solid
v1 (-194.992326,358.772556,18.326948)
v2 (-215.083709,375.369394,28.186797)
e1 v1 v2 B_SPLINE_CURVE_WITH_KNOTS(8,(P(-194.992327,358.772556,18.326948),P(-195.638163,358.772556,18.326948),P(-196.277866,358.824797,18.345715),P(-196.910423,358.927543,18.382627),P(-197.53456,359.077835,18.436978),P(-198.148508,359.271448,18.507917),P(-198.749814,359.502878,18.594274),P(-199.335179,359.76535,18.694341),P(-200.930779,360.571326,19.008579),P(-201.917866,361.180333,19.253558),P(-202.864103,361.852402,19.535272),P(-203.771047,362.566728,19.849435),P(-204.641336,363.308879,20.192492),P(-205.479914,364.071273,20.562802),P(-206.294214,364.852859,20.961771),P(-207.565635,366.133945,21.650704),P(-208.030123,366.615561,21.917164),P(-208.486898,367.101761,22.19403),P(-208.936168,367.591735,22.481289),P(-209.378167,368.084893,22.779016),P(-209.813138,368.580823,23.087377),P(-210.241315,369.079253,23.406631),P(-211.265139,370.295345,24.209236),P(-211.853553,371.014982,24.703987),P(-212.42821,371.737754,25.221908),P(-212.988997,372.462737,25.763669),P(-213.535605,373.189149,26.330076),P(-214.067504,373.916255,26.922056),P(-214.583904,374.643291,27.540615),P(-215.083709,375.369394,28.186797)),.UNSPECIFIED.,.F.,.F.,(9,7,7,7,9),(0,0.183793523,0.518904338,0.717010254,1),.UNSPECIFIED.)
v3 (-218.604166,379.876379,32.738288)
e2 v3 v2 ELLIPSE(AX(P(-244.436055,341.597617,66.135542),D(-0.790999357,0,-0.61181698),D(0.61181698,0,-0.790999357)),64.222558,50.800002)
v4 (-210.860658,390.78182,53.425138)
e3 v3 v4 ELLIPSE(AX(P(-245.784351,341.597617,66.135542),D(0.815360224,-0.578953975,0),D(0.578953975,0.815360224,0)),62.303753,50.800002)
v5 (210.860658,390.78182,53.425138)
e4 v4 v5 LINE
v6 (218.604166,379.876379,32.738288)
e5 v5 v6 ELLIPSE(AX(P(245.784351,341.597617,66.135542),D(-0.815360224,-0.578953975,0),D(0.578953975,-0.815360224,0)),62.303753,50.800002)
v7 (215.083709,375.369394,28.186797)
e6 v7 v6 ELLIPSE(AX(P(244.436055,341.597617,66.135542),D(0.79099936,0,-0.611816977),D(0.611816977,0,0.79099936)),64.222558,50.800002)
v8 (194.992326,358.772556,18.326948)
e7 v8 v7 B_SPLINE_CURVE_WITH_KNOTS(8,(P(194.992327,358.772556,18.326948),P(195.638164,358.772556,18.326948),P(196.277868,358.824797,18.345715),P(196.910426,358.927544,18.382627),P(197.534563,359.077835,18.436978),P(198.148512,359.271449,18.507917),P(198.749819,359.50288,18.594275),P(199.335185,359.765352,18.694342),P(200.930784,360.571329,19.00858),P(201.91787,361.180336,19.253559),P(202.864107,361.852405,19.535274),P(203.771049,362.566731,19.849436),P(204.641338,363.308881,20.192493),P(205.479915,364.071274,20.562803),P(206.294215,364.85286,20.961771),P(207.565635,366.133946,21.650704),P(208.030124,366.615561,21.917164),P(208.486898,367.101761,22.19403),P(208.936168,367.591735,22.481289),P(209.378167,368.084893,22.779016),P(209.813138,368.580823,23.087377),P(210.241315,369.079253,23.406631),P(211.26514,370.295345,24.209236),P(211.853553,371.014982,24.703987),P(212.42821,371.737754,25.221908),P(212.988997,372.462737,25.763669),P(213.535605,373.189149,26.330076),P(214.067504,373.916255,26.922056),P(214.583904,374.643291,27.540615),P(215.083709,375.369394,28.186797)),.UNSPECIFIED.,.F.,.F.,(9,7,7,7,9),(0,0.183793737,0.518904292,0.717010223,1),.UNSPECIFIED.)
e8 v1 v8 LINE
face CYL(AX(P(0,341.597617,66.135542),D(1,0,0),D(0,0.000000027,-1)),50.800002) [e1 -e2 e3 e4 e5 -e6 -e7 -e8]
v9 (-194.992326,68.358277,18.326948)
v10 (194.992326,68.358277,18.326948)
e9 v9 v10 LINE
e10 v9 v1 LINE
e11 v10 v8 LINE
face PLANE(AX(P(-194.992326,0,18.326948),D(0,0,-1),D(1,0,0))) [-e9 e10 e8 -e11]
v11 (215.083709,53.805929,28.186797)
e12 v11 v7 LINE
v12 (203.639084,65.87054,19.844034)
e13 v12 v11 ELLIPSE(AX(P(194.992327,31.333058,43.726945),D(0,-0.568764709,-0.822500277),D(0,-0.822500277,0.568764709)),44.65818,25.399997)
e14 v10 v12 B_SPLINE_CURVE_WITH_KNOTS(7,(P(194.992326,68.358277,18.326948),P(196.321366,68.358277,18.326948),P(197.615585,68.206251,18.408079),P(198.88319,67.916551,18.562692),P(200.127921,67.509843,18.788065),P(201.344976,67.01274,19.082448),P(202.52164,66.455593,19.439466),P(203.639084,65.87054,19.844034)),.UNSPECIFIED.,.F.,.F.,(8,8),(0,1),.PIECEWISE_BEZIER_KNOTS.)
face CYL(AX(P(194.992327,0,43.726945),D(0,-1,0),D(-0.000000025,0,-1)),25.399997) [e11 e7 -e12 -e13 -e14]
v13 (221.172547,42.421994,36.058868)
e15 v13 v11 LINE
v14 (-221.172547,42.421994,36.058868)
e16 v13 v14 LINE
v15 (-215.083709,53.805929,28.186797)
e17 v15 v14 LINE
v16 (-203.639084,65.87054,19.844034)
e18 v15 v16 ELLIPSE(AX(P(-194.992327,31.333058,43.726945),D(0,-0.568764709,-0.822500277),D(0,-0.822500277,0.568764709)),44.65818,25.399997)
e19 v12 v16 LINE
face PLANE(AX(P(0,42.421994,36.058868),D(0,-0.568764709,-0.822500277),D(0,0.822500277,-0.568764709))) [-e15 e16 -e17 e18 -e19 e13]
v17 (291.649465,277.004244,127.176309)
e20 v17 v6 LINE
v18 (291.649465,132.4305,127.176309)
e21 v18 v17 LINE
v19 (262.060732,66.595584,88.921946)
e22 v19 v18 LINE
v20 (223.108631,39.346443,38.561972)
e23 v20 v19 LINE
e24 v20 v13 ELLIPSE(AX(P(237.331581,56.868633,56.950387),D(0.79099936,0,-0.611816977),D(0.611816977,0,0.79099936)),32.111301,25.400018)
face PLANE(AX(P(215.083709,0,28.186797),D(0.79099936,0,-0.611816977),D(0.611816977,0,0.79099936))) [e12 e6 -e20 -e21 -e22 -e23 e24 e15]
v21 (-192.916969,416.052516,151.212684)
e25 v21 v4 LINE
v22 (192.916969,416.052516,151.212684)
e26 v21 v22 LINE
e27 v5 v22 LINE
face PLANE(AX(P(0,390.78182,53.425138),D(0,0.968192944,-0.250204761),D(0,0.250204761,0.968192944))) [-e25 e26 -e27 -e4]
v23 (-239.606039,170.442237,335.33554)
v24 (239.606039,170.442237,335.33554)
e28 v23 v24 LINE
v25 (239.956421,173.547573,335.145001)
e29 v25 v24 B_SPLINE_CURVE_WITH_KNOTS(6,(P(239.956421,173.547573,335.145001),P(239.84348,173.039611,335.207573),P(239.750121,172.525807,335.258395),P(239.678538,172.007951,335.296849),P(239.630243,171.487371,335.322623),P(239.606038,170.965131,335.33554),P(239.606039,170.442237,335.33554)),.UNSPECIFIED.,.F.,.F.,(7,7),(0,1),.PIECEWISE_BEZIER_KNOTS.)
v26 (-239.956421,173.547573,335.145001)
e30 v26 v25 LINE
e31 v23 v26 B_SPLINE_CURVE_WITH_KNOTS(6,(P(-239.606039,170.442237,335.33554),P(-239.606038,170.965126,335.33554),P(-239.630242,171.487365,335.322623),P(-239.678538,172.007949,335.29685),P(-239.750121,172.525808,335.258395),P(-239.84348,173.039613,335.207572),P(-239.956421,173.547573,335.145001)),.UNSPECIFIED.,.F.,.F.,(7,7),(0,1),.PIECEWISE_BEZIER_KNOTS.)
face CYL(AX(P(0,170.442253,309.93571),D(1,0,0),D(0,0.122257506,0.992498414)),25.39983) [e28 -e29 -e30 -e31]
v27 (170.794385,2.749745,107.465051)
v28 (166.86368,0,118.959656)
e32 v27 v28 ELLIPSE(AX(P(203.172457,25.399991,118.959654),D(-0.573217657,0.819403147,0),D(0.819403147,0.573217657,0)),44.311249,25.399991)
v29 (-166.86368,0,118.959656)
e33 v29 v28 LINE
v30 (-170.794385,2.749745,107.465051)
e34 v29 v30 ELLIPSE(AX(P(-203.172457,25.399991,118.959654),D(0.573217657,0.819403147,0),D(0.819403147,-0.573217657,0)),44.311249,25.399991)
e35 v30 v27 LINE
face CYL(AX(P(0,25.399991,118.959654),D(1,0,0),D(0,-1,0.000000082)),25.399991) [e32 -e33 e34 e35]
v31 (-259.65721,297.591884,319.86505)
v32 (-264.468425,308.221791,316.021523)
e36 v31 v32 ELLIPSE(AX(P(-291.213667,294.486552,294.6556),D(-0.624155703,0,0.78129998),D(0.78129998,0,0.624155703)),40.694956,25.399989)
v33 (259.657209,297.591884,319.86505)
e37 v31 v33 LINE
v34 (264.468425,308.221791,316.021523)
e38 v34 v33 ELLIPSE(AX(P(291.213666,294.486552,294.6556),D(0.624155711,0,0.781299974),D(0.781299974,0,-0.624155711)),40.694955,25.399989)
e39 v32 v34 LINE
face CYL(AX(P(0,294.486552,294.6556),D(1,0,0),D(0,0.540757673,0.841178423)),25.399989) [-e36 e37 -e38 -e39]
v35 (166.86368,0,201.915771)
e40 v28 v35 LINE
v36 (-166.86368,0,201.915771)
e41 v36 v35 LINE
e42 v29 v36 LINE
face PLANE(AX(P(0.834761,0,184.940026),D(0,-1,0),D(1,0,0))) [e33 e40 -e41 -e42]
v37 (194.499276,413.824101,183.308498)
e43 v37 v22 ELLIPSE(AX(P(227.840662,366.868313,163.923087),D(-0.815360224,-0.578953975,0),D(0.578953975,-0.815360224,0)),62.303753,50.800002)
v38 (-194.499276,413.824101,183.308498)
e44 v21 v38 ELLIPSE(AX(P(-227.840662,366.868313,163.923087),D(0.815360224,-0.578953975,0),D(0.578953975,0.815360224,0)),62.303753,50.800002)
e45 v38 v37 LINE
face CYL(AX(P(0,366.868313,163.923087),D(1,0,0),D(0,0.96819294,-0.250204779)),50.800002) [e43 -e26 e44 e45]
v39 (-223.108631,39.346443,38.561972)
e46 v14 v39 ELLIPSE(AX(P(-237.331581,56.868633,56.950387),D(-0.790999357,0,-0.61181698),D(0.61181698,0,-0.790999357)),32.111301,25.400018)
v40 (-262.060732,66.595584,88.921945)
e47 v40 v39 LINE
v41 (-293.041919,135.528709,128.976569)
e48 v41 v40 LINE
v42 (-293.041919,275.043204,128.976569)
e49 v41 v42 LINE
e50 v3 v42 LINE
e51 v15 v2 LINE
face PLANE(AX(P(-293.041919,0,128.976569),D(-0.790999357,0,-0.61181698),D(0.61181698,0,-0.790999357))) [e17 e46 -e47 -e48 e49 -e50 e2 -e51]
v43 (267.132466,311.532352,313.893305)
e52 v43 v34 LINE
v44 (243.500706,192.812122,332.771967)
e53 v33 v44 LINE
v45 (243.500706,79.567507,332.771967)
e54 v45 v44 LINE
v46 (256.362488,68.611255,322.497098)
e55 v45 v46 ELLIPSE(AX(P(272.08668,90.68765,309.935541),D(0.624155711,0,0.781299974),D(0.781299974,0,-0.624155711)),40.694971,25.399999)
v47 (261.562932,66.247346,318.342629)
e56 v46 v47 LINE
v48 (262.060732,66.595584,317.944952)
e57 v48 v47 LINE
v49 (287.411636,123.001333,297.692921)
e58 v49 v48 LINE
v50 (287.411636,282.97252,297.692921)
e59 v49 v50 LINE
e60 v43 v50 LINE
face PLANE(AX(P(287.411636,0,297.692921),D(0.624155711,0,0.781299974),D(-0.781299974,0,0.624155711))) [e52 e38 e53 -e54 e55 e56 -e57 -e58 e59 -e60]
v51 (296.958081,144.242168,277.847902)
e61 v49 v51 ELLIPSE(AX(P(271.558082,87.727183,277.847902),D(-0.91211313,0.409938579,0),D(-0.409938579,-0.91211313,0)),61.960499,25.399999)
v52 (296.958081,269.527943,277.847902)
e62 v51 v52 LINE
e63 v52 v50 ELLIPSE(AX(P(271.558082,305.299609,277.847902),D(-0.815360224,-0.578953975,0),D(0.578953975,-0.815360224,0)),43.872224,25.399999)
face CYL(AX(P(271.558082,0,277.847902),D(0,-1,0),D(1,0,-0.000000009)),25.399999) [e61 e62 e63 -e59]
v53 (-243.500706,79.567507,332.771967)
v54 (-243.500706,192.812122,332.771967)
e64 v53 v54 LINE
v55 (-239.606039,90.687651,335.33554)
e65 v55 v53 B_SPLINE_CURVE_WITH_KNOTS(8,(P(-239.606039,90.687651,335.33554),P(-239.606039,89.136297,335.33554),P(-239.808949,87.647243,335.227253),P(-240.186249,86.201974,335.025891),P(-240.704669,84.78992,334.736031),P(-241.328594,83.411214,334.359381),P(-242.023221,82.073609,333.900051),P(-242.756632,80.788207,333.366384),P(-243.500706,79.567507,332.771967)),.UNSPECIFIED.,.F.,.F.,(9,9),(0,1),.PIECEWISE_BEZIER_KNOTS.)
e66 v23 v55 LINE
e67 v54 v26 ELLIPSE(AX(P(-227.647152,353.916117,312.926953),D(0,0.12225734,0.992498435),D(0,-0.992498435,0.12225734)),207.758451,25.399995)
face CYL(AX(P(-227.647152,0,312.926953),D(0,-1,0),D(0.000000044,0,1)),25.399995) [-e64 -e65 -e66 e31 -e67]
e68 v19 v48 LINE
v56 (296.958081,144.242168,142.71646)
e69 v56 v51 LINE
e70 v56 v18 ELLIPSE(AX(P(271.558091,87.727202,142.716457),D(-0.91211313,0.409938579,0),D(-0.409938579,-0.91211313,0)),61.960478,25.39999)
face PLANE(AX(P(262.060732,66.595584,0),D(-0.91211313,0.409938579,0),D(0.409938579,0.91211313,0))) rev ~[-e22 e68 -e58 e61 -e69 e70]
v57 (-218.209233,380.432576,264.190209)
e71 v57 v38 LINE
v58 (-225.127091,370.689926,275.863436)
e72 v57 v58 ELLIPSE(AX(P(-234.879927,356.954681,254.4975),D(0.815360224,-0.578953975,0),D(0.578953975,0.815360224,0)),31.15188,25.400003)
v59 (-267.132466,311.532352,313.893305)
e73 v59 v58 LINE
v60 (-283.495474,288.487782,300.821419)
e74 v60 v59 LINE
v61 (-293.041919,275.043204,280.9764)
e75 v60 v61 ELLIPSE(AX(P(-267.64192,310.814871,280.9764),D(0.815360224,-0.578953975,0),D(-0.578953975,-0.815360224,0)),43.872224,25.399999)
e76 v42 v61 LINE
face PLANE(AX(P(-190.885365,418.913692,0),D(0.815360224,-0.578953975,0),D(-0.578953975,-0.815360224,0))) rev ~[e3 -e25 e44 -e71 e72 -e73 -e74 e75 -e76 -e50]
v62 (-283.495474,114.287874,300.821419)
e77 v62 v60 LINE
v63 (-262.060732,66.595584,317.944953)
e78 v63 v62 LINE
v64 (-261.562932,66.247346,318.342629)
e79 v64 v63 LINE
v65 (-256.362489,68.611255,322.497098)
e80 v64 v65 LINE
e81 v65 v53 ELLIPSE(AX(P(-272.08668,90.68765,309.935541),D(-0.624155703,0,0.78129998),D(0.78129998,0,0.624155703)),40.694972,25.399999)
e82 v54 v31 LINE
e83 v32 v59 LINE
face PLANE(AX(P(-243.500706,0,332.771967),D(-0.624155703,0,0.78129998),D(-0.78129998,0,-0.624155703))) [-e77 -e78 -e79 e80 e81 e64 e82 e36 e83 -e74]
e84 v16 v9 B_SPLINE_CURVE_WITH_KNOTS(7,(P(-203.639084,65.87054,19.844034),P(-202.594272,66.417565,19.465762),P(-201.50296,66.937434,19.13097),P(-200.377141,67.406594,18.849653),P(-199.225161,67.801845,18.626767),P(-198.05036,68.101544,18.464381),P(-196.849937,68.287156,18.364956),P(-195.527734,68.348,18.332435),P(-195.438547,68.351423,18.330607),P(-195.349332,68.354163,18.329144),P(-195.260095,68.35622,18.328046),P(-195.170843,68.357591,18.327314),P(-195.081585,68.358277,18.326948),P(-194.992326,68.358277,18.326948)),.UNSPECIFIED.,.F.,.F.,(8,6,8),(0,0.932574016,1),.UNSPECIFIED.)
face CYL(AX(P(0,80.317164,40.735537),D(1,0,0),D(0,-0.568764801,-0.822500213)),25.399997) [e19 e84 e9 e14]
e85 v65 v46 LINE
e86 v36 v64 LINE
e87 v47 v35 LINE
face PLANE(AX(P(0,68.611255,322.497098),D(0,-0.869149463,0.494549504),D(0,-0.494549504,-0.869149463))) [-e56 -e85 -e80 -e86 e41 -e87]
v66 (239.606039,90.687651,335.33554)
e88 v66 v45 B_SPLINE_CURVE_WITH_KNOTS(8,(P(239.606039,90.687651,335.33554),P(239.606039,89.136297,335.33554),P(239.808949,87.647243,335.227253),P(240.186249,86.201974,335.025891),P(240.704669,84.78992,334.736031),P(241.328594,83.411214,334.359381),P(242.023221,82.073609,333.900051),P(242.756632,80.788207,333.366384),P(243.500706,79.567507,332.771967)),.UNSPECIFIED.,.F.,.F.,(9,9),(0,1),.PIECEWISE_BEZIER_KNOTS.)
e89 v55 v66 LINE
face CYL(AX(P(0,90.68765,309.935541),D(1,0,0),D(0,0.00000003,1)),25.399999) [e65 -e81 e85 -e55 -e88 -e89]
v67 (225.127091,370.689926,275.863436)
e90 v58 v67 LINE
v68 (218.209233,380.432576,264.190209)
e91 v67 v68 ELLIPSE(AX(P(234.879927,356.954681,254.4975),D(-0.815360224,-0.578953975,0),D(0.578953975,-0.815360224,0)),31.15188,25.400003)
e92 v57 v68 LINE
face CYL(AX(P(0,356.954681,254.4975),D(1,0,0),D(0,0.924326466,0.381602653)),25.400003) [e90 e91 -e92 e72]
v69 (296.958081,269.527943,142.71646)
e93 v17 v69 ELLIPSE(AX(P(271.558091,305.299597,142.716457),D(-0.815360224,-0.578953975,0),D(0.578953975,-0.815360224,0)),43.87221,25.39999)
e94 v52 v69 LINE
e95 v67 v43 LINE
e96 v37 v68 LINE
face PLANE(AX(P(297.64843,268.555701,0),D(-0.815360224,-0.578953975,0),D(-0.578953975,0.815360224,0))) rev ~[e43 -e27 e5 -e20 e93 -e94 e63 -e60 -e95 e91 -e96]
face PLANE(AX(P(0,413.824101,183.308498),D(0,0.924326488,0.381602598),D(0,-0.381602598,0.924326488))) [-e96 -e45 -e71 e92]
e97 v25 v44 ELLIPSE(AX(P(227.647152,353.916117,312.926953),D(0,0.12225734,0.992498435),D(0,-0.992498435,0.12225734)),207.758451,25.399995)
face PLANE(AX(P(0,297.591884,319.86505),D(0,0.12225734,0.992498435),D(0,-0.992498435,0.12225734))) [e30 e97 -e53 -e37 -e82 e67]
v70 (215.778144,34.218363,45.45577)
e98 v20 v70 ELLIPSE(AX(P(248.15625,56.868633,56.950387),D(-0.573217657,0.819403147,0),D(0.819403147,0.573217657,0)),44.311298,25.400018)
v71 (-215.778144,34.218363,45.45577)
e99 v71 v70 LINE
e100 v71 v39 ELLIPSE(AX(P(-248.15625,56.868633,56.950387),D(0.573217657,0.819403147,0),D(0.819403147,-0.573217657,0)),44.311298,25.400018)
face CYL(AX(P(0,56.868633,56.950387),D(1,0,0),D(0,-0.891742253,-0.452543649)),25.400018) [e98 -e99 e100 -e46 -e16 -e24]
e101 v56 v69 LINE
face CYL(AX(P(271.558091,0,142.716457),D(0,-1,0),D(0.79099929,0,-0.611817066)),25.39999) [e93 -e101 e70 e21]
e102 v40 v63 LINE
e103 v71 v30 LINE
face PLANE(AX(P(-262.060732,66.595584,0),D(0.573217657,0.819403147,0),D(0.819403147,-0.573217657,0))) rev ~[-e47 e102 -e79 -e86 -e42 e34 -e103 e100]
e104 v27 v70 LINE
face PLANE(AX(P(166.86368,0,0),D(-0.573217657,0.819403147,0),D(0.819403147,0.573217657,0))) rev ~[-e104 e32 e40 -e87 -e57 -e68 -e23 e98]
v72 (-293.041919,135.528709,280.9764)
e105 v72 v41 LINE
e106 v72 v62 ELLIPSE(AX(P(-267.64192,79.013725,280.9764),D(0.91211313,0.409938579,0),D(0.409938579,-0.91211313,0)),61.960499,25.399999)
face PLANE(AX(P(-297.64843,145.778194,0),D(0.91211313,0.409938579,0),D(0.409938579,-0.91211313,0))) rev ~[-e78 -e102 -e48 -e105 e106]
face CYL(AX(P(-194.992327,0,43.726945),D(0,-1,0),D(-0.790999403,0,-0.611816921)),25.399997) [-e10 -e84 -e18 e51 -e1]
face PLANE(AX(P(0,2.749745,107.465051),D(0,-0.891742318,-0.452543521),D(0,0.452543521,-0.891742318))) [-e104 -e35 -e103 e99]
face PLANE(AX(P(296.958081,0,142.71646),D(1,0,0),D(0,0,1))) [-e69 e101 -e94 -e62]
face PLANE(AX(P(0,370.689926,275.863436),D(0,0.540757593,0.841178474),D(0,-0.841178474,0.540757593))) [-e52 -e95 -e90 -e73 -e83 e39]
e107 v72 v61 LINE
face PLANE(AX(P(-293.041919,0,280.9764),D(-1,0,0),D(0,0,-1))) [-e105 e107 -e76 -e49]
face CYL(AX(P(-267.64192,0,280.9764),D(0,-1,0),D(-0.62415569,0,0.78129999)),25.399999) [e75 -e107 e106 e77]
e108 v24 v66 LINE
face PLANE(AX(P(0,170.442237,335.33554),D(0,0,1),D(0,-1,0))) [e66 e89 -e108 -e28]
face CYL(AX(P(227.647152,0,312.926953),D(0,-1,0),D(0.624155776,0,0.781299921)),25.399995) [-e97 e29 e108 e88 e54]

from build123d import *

# Parameters (mm, degrees)
F2_DEPTH = 431.8
F3_DEPTH = 300
F5_DEPTH = 335.336541


with BuildPart() as f2:
    # F0 (on Front) → F2 (new body)
    with BuildSketch(Plane.XZ):
        with BuildLine():
            ThreePointArc((-215.083709, 28.186797), (-206.182504, 20.924757), (-194.992326, 18.326948))
            Line((-194.992326, 18.326948), (194.992326, 18.326948))
            ThreePointArc((194.992326, 18.326948), (206.182504, 20.924757), (215.083709, 28.186797))
            Line((215.083709, 28.186797), (291.649465, 127.176309))
            ThreePointArc((291.649465, 127.176309), (295.594316, 134.505526), (296.958081, 142.71646))
            Line((296.958081, 142.71646), (296.958081, 277.847902))
            ThreePointArc((296.958081, 277.847902), (294.447383, 288.858799), (287.411636, 297.692921))
            Line((287.411636, 297.692921), (243.500706, 332.771967))
            ThreePointArc((243.500706, 332.771967), (236.046451, 336.898009), (227.647151, 338.326948))
            Line((227.647151, 338.326948), (-227.647151, 338.326948))
            ThreePointArc((-227.647151, 338.326948), (-236.046451, 336.898009), (-243.500706, 332.771967))
            Line((-243.500706, 332.771967), (-283.495474, 300.821419))
            ThreePointArc((-283.495474, 300.821419), (-290.531221, 291.987297), (-293.041919, 280.9764))
            Line((-293.041919, 280.9764), (-293.041919, 128.976569))
            Line((-293.041919, 128.976569), (-215.083709, 28.186797))
        make_face()
    extrude(amount=-F2_DEPTH)

    # F1 (on Right) → F3 (intersect, symmetric)
    with BuildSketch(Plane.YZ):
        with BuildLine():
            Line((80.317164, 15.33554), (122.591108, 15.33554))
            Line((122.591108, 15.33554), (341.597618, 15.33554))
            ThreePointArc((341.597618, 15.33554), (372.701891, 25.971325), (390.78182, 53.425138))
            Line((390.78182, 53.425138), (416.052516, 151.212684))
            ThreePointArc((416.052516, 151.212684), (417.546314, 167.441665), (413.824101, 183.308498))
            Line((413.824101, 183.308498), (380.432576, 264.190209))
            ThreePointArc((380.432576, 264.190209), (376.455207, 270.772931), (370.689926, 275.863436))
            Line((370.689926, 275.863436), (308.221791, 316.021523))
            ThreePointArc((308.221791, 316.021523), (303.123356, 318.542104), (297.591884, 319.86505))
            Line((297.591884, 319.86505), (173.547573, 335.145001))
            ThreePointArc((173.547573, 335.145001), (171.997825, 335.287861), (170.442237, 335.33554))
            Line((170.442237, 335.33554), (122.591108, 335.33554))
            Line((122.591108, 335.33554), (90.687651, 335.33554))
            ThreePointArc((90.687651, 335.33554), (77.918617, 331.892584), (68.611255, 322.497098))
            Line((68.611255, 322.497098), (0, 201.915771))
            Line((0, 201.915771), (0, 118.959656))
            ThreePointArc((0, 118.959656), (0.696999, 113.050193), (2.749745, 107.465051))
            Line((2.749745, 107.465051), (34.218363, 45.45577))
            ThreePointArc((34.218363, 45.45577), (37.734355, 40.245886), (42.421994, 36.058868))
            Line((42.421994, 36.058868), (65.87054, 19.844034))
            ThreePointArc((65.87054, 19.844034), (72.750271, 16.488847), (80.317164, 15.33554))
        make_face()
    extrude(amount=F3_DEPTH, both=True, mode=Mode.INTERSECT)

    # F4 (on Top) → F5 (intersect, through all)
    with BuildSketch(Plane.XY):
        Polygon((-166.86368, 0), (0, 0), (166.86368, 0), (262.060732, 66.595584), (297.64843, 145.778194), (297.64843, 268.555701), (190.885365, 418.913692), (0, 418.913692), (-190.885365, 418.913692), (-297.64843, 268.555701), (-297.64843, 145.778194), (-262.060732, 66.595584), align=None)
    extrude(amount=F5_DEPTH, mode=Mode.INTERSECT)


solid = f2.part
